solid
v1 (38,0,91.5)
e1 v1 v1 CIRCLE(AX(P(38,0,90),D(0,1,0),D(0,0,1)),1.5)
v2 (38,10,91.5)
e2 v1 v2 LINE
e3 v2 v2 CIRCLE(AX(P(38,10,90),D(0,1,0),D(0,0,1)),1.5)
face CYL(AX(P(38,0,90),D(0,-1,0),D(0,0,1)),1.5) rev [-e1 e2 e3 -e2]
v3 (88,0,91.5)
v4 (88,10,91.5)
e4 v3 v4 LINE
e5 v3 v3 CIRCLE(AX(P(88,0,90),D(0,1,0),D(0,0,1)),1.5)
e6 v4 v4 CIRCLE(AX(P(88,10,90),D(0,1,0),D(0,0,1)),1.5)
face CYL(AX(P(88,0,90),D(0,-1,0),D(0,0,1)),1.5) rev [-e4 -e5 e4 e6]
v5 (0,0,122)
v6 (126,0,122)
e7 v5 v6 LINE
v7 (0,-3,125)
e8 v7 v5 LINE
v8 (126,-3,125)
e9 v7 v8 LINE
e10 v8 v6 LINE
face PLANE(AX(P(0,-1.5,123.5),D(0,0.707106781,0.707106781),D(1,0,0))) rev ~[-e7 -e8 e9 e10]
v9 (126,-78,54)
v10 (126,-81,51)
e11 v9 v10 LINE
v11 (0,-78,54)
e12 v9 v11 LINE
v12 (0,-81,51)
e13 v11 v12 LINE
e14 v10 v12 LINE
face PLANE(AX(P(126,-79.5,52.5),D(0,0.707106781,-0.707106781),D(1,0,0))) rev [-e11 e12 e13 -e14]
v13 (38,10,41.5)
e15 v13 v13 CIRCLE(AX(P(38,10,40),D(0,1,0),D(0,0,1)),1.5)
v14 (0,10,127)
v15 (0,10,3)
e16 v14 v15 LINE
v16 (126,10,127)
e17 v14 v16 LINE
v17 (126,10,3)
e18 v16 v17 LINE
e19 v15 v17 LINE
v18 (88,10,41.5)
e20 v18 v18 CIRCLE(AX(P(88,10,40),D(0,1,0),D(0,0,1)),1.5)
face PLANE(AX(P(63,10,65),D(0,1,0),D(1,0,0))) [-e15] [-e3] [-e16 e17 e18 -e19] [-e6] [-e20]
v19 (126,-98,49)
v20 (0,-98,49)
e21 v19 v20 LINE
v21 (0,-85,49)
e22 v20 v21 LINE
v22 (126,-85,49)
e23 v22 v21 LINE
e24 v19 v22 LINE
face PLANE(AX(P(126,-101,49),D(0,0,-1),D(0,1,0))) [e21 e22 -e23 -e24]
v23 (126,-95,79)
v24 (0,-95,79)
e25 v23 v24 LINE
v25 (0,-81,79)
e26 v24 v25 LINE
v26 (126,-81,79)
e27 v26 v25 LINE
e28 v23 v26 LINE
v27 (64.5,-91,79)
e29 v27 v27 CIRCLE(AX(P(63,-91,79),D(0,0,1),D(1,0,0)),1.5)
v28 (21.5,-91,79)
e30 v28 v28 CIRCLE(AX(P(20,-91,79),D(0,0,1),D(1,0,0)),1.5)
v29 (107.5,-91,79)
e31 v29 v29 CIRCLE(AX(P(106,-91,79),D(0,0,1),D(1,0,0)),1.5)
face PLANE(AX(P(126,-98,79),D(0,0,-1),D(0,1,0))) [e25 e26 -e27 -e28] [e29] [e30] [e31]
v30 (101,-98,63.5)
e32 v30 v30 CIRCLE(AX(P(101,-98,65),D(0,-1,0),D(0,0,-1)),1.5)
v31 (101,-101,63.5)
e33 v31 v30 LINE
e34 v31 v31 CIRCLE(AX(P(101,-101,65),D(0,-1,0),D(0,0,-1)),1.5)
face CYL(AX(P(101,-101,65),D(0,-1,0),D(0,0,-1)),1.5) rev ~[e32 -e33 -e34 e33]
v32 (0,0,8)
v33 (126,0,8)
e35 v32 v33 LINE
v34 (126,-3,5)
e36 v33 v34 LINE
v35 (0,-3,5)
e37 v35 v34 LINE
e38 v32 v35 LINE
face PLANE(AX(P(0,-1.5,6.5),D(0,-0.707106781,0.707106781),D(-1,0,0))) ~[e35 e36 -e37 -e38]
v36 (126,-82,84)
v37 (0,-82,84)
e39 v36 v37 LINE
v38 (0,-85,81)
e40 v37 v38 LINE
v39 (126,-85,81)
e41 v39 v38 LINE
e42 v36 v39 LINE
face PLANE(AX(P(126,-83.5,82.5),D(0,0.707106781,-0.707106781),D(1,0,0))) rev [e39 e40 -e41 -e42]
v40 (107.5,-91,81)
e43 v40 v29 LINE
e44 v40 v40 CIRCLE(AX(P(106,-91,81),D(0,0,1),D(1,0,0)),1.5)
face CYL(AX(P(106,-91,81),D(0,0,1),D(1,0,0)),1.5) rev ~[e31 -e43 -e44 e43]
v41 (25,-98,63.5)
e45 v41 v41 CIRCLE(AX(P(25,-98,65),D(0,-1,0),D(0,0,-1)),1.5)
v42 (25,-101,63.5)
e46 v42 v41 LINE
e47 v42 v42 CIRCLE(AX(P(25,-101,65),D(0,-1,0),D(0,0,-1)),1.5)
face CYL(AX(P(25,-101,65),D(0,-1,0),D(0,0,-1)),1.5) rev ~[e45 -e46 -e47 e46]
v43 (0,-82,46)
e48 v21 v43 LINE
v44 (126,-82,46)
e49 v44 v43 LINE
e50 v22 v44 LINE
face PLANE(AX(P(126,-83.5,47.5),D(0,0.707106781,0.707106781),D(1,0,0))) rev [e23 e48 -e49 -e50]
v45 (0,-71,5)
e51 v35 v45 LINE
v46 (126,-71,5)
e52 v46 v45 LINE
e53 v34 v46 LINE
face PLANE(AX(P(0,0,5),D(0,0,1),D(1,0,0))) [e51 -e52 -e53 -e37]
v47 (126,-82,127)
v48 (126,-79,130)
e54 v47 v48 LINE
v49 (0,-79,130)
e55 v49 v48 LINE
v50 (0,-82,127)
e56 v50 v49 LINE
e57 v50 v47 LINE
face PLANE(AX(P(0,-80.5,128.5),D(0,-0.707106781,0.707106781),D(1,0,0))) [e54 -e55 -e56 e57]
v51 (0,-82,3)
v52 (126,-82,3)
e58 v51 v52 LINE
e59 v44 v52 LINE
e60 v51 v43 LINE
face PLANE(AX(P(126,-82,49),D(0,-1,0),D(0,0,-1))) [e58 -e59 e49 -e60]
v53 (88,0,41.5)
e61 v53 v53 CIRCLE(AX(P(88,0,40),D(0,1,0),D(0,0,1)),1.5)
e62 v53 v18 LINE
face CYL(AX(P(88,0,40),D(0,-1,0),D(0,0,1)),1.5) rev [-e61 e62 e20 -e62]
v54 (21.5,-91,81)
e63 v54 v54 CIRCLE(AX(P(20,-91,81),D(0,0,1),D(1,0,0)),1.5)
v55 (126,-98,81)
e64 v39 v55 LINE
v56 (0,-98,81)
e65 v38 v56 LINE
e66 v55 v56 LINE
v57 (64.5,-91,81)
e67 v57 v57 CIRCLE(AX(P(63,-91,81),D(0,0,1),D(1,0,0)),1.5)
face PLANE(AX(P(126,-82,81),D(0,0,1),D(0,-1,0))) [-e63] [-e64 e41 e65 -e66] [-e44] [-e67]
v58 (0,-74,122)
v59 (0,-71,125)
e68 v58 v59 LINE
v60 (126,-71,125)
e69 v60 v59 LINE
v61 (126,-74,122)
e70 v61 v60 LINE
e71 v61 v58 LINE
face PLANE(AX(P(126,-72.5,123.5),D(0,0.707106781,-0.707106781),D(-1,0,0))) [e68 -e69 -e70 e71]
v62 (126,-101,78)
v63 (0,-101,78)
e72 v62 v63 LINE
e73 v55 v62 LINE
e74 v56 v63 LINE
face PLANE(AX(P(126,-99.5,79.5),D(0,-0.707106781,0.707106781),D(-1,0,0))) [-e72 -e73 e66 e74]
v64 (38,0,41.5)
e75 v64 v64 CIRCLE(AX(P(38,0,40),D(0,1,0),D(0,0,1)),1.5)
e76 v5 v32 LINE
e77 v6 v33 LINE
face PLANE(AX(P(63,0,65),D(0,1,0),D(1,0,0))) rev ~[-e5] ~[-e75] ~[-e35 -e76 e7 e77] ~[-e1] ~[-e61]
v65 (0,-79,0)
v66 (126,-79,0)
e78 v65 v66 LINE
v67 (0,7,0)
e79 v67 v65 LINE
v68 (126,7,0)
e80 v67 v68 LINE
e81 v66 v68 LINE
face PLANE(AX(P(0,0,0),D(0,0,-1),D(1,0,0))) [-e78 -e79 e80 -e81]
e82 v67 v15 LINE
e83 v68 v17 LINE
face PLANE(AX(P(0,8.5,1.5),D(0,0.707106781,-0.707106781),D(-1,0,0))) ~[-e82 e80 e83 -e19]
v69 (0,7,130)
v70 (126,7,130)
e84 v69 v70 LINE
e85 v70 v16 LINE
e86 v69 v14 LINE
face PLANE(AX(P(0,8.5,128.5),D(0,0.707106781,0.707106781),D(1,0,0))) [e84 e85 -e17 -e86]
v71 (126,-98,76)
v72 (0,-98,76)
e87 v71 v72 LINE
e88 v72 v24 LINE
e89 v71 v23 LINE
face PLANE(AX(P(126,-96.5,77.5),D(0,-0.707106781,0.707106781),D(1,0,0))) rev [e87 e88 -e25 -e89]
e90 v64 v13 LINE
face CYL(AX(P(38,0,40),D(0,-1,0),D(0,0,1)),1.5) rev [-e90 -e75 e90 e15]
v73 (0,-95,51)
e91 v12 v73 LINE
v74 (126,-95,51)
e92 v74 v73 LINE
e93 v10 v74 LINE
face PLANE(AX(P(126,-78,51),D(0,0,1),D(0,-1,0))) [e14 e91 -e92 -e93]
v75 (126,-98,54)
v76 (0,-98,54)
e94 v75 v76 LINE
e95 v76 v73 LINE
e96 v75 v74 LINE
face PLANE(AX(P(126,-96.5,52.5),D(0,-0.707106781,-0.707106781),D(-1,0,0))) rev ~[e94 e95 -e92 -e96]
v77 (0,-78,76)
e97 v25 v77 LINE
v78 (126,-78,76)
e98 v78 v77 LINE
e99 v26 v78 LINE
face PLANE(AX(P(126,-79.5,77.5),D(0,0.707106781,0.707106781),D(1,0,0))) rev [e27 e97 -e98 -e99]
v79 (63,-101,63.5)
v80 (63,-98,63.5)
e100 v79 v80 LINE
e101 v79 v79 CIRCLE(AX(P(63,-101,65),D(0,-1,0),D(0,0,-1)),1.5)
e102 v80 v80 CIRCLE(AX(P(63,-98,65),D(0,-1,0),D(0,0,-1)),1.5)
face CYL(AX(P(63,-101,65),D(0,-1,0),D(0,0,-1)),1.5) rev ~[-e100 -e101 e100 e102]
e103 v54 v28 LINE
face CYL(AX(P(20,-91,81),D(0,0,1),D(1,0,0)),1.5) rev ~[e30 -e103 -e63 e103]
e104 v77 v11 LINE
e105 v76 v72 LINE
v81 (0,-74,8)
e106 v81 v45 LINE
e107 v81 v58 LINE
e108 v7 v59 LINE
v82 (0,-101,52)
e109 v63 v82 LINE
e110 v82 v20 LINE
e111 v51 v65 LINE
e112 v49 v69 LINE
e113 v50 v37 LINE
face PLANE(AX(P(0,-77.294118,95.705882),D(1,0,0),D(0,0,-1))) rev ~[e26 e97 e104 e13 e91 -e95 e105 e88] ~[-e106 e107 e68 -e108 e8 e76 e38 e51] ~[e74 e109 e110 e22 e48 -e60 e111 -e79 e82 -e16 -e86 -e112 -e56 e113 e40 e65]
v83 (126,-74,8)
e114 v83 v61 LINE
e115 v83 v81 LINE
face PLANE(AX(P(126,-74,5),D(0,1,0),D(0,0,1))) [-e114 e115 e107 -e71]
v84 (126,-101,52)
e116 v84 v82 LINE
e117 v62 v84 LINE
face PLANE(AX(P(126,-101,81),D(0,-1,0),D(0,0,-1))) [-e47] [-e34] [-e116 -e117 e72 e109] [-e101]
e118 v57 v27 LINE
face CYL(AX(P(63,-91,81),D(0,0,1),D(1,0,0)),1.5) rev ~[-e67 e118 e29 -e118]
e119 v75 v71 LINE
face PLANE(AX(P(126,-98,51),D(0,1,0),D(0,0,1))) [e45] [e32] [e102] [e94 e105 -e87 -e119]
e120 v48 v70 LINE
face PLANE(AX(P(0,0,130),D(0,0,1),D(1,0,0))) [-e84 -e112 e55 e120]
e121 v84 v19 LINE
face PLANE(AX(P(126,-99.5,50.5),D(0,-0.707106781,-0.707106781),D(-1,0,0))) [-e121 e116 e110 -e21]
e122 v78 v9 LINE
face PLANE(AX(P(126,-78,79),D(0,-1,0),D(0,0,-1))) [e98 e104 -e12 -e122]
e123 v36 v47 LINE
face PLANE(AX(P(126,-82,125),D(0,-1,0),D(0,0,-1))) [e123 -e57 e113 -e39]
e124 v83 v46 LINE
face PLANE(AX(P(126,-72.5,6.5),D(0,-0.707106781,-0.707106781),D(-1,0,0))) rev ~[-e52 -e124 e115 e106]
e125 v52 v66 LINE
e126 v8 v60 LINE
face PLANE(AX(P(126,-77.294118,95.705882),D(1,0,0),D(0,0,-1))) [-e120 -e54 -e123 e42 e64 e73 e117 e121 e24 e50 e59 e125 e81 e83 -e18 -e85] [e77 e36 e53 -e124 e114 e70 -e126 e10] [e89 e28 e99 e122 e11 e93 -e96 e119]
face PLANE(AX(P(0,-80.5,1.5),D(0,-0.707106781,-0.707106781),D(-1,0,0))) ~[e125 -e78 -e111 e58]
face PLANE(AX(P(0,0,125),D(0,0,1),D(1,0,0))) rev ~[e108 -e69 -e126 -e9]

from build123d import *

# Parameters (mm, degrees)
SKETCH1_W           = 126
SKETCH1_H           = 130
SKETCH1_R           = 1.5
BOSS_EXTRUDE1_DEPTH = 10
SKETCH3_W           = 126
SKETCH3_H           = 5
BOSS_EXTRUDE2_DEPTH = 82
BOSS_EXTRUDE4_DEPTH = 126
SKETCH5_R           = 1.5
CUT_EXTRUDE1_DEPTH  = 3
SKETCH6_R           = 1.5
CUT_EXTRUDE2_DEPTH  = 2
CHAMFER1_SIZE       = 3


with BuildPart() as part:
    # Sketch1 → Boss-Extrude1 (new body)
    with BuildSketch(Plane(origin=(0, 0, 0), x_dir=(1, 0, 0), z_dir=(0, 1, 0))):
        with Locations((63, -65)):
            Rectangle(SKETCH1_W, SKETCH1_H)
        with Locations(Location((38, -40, 0), (0, 0, 270))):
            Circle(SKETCH1_R, mode=Mode.SUBTRACT)
        with Locations(Location((88, -40, 0), (0, 0, 270))):
            Circle(SKETCH1_R, mode=Mode.SUBTRACT)
        with Locations(Location((88, -90, 0), (0, 0, 270))):
            Circle(SKETCH1_R, mode=Mode.SUBTRACT)
        with Locations(Location((38, -90, 0), (0, 0, 270))):
            Circle(SKETCH1_R, mode=Mode.SUBTRACT)
    extrude(amount=BOSS_EXTRUDE1_DEPTH)

    # Sketch3 → Boss-Extrude2 (add)
    with BuildSketch(Plane.XZ):
        with Locations((63, 127.5)):
            Rectangle(SKETCH3_W, SKETCH3_H)
        with Locations((63, 2.5)):
            Rectangle(SKETCH3_W, SKETCH3_H)
    extrude(amount=BOSS_EXTRUDE2_DEPTH)

    # Sketch4 → Boss-Extrude4 (add)
    with BuildSketch(Plane(origin=(126, 0, 0), x_dir=(0, 0, -1), z_dir=(1, 0, 0))):
        Polygon((-125, -74), (-125, -82), (-81, -82), (-81, -76), (-65, -76), (-65, -74), align=None)
        Polygon((-81, -76), (-81, -82), (-79, -82), (-79, -78), (-65, -78), (-65, -76), align=None)
        Polygon((-79, -82), (-81, -82), (-81, -101), (-49, -101), (-49, -82), (-51, -82), (-51, -98), (-79, -98), align=None)
        Polygon((-49, -76), (-65, -76), (-65, -78), (-51, -78), (-51, -82), (-49, -82), align=None)
        Polygon((-5, -74), (-65, -74), (-65, -76), (-49, -76), (-49, -82), (-5, -82), align=None)
    extrude(amount=-BOSS_EXTRUDE4_DEPTH)

    # Sketch5 → Cut-Extrude1 (cut)
    with BuildSketch(Plane.XZ.offset(101)):
        with Locations(Location((25, 65, 0), (0, 0, 270))):
            Circle(SKETCH5_R)
        with Locations(Location((63, 65, 0), (0, 0, 270))):
            Circle(SKETCH5_R)
        with Locations(Location((101, 65, 0), (0, 0, 270))):
            Circle(SKETCH5_R)
    extrude(amount=-CUT_EXTRUDE1_DEPTH, mode=Mode.SUBTRACT)

    # Sketch6 → Cut-Extrude2 (cut)
    with BuildSketch(Plane.XY.offset(81)):
        with Locations((106, -91)):
            Circle(SKETCH6_R)
        with Locations((63, -91)):
            Circle(SKETCH6_R)
        with Locations((20, -91)):
            Circle(SKETCH6_R)
    extrude(amount=-CUT_EXTRUDE2_DEPTH, mode=Mode.SUBTRACT)

    # Chamfer1
    chamfer1_edges = [part.edges().sort_by_distance(p)[0] for p in [
        (63, 10, 0),
        (63, 0, 125),
        (63, -82, 130),
        (63, 0, 5),
        (63, -82, 0),
        (63, -78, 51),
        (63, -78, 79),
        (63, -98, 79),
        (63, -82, 49),
        (63, -101, 49),
        (63, -101, 81),
        (63, -82, 81),
        (63, -74, 125),
        (63, -74, 5),
        (63, -98, 51),
        (63, 10, 130),
    ]]
    chamfer(chamfer1_edges, length=CHAMFER1_SIZE)


solid = part.part
